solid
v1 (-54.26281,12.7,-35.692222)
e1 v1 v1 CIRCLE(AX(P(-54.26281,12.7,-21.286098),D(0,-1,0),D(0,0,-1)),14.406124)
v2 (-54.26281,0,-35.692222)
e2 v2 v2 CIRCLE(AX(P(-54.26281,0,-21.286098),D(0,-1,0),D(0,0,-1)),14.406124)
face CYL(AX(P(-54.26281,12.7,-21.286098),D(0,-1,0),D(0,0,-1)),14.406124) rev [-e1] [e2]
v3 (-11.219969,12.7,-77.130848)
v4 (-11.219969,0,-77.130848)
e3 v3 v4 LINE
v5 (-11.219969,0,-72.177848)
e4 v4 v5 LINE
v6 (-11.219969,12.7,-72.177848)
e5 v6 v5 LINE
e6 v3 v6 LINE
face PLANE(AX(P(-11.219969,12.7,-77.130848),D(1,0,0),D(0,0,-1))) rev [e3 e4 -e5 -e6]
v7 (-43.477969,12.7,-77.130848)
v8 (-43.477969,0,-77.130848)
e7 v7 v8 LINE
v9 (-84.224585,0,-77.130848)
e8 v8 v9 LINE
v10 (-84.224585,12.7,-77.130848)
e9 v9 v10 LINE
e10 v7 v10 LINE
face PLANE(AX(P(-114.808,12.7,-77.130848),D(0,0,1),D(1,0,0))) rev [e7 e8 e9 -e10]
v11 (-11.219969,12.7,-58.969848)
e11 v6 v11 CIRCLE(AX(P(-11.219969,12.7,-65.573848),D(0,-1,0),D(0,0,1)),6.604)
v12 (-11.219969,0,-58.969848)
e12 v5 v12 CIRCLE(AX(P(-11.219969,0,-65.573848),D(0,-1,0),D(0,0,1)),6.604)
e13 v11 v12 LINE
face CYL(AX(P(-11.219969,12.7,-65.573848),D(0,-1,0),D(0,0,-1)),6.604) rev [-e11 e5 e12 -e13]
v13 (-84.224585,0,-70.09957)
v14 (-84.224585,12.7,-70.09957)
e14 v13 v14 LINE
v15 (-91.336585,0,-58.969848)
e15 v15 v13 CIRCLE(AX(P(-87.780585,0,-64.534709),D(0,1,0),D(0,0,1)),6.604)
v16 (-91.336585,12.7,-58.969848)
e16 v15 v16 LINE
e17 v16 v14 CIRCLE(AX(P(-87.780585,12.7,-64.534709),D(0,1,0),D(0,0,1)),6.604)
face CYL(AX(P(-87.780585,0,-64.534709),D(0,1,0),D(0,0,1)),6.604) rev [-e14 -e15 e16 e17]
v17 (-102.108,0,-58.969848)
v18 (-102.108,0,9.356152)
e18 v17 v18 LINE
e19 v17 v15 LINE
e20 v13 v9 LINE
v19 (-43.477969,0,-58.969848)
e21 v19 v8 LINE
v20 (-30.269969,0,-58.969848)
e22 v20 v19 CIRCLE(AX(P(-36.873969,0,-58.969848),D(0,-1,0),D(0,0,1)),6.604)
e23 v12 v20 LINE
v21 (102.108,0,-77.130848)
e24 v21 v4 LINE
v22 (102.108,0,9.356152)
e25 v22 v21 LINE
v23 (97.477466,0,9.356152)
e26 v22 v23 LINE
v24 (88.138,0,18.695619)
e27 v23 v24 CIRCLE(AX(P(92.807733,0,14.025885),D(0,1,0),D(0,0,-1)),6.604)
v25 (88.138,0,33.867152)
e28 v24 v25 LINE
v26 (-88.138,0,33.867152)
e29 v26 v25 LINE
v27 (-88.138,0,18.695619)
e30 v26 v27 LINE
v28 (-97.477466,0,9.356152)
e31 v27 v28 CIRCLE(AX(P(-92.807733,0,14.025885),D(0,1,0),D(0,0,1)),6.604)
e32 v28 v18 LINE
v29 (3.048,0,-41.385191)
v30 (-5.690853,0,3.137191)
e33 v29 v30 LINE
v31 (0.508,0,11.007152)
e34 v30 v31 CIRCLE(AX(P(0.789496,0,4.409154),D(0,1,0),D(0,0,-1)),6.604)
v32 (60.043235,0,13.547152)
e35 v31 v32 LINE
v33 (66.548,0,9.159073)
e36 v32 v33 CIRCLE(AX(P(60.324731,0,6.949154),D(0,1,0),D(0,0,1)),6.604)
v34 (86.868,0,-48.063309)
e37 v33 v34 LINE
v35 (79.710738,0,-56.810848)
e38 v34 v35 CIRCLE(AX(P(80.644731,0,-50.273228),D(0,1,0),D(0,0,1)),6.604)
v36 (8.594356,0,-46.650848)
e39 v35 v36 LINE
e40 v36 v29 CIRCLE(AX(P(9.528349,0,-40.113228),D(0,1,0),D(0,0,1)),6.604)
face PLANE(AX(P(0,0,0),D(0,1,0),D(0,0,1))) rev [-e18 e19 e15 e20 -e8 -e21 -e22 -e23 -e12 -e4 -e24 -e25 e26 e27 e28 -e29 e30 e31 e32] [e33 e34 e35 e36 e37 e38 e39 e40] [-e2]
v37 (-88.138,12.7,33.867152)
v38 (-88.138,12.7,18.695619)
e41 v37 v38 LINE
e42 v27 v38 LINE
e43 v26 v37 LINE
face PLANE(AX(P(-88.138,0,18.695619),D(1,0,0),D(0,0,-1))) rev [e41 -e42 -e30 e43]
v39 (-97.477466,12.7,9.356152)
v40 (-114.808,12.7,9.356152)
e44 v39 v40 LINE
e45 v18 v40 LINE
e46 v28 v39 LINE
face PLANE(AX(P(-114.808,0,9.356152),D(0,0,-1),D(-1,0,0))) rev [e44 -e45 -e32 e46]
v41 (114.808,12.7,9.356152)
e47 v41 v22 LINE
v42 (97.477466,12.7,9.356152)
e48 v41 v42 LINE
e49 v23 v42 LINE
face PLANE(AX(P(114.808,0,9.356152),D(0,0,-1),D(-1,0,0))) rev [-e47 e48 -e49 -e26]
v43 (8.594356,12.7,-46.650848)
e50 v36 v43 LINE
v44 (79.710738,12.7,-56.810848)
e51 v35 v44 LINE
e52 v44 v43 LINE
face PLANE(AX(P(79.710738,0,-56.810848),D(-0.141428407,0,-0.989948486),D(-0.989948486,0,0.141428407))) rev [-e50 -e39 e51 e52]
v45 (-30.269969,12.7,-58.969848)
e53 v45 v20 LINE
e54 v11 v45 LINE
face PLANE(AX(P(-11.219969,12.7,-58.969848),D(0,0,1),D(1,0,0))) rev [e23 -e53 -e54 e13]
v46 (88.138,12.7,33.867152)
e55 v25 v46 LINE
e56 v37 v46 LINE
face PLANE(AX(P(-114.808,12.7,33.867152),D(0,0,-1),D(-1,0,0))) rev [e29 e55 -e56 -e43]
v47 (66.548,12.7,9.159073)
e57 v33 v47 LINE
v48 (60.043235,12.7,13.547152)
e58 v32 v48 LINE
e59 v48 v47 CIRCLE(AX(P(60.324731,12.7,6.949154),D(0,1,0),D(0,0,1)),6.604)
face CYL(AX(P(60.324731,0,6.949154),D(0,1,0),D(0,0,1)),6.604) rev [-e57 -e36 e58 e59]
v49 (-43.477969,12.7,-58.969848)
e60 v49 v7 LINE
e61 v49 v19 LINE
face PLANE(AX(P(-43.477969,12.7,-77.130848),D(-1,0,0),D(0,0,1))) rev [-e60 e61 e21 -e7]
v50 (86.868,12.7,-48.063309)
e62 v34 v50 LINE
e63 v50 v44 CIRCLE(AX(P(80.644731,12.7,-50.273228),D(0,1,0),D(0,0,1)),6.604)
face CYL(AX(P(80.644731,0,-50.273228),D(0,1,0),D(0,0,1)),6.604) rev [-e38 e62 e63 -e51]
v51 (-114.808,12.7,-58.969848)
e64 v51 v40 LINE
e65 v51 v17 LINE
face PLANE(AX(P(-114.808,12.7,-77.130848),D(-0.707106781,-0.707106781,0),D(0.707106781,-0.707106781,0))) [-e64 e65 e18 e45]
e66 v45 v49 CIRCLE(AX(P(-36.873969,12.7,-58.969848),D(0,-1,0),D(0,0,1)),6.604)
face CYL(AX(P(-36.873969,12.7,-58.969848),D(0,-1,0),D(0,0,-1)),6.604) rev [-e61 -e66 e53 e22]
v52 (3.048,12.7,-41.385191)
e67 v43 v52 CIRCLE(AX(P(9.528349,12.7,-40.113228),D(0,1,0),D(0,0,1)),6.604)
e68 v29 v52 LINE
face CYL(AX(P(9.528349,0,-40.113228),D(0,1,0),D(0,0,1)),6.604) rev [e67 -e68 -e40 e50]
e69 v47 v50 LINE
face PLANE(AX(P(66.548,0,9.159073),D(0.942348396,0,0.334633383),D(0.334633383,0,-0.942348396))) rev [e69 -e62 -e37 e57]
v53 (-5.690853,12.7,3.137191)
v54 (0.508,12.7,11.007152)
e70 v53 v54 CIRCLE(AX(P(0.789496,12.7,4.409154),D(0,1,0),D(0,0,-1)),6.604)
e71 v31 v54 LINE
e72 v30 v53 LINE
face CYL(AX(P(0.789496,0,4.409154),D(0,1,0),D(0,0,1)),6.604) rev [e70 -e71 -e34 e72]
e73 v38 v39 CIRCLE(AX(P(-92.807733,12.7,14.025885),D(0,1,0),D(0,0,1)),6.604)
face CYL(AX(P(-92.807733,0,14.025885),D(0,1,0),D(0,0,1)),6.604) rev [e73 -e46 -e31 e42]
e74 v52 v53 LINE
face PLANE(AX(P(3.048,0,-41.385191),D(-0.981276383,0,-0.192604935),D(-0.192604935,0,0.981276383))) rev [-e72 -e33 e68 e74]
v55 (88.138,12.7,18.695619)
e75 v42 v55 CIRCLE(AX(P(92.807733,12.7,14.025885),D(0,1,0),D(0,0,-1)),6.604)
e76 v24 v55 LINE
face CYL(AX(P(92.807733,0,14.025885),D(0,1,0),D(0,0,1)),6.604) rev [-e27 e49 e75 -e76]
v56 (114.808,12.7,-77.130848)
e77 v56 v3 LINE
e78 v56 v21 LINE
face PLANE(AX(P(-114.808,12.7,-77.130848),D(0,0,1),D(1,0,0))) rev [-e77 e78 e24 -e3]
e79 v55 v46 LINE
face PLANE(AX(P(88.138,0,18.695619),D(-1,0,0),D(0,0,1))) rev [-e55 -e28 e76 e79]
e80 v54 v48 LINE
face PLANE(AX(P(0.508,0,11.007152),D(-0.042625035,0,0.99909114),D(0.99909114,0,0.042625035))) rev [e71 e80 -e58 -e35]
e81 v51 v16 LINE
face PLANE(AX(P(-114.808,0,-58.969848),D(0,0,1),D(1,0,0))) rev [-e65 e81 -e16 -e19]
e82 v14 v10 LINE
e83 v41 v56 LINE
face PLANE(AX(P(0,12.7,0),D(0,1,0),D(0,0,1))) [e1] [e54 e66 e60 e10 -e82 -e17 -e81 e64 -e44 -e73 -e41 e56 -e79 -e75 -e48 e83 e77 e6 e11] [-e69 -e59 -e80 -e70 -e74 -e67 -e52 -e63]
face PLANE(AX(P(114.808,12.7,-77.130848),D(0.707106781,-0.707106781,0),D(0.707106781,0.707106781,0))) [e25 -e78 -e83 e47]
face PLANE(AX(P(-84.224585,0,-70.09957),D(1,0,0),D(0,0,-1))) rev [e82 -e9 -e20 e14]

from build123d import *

# Parameters (mm, degrees)
SKETCH1_W           = 229.616
SKETCH1_H           = 110.998
BOSS_EXTRUDE1_DEPTH = 12.7
DRAFT1_ANGLE        = -45
CUT_EXTRUDE1_DEPTH  = 139.893248743
CUT_EXTRUDE2_DEPTH  = 139.893248743
CUT_EXTRUDE3_DEPTH  = 139.893248743
SKETCH5_R           = 14.406124238
CUT_EXTRUDE4_DEPTH  = 139.893248743


with BuildPart() as part:
    # Sketch1 → Boss-Extrude1 (new body)
    with BuildSketch(Plane(origin=(0, 0, 0), x_dir=(1, 0, 0), z_dir=(0, 1, 0))):
        with Locations((0, 21.631847801)):
            Rectangle(SKETCH1_W, SKETCH1_H)
    extrude(amount=BOSS_EXTRUDE1_DEPTH)

    # Draft1
    draft1_faces = [part.faces().sort_by_distance(p)[0] for p in [
        (-114.808, 6.35, -21.631847801),
        (114.808, 6.35, -21.631847801),
    ]]
    draft(draft1_faces, Plane.ZX.offset(12.7), DRAFT1_ANGLE)

    # Sketch2 → Cut-Extrude1 (cut, through all)
    with BuildSketch(Plane(origin=(0, 12.7, 0), x_dir=(1, 0, 0), z_dir=(0, 1, 0))):
        with BuildLine():
            Line((-114.808, -9.356152199), (-97.477466366, -9.356152199))
            ThreePointArc((-97.477466366, -9.356152199), (-88.138, -9.356152199), (-88.138, -18.695618565))
            Line((-88.138, -18.695618565), (-88.138, -33.867152199))
            Line((-88.138, -33.867152199), (-114.808, -33.867152199))
            Line((-114.808, -33.867152199), (-114.808, -9.356152199))
        make_face()
        with BuildLine():
            Line((114.808, -33.867152199), (114.808, -9.356152199))
            Line((114.808, -9.356152199), (97.477466366, -9.356152199))
            ThreePointArc((97.477466366, -9.356152199), (88.138, -9.356152199), (88.138, -18.695618565))
            Line((88.138, -18.695618565), (88.138, -33.867152199))
            Line((88.138, -33.867152199), (114.808, -33.867152199))
        make_face()
        with BuildLine():
            Line((-114.808, 58.969847801), (-91.336585113, 58.969847801))
            ThreePointArc((-91.336585113, 58.969847801), (-82.215723928, 60.978708985), (-84.224585113, 70.099570169))
            Line((-84.224585113, 70.099570169), (-84.224585113, 77.130847801))
            Line((-84.224585113, 77.130847801), (-114.808, 77.130847801))
            Line((-114.808, 77.130847801), (-114.808, 58.969847801))
        make_face()
    extrude(amount=-CUT_EXTRUDE1_DEPTH, mode=Mode.SUBTRACT)

    # Sketch3 → Cut-Extrude2 (cut, through all)
    with BuildSketch(Plane(origin=(0, 12.7, 0), x_dir=(1, 0, 0), z_dir=(0, 1, 0))):
        with BuildLine():
            Line((3.048, 41.385190987), (-5.690853499, -3.137191319))
            ThreePointArc((-5.690853499, -3.137191319), (-4.398442962, -8.495486175), (0.508, -11.007152199))
            Line((0.508, -11.007152199), (60.043235464, -13.547152199))
            ThreePointArc((60.043235464, -13.547152199), (64.017965036, -12.423899948), (66.548, -9.159073174))
            Line((66.548, -9.159073174), (86.868, 48.063309133))
            ThreePointArc((86.868, 48.063309133), (85.755892247, 54.455195083), (79.710737995, 56.810847801))
            Line((79.710737995, 56.810847801), (8.59435603, 46.650847801))
            ThreePointArc((8.59435603, 46.650847801), (4.981382787, 44.902582041), (3.048, 41.385190987))
        make_face()
    extrude(amount=-CUT_EXTRUDE2_DEPTH, mode=Mode.SUBTRACT)

    # Sketch4 → Cut-Extrude3 (cut, through all)
    with BuildSketch(Plane.XZ):
        with BuildLine():
            Line((-43.477968603, -77.130847801), (-43.477968603, -58.969847801))
            ThreePointArc((-43.477968603, -58.969847801), (-36.873968603, -52.365847801), (-30.269968603, -58.969847801))
            Line((-30.269968603, -58.969847801), (-11.219968603, -58.969847801))
            ThreePointArc((-11.219968603, -58.969847801), (-4.615968603, -65.573847801), (-11.219968603, -72.177847801))
            Line((-11.219968603, -72.177847801), (-11.219968603, -77.130847801))
            Line((-11.219968603, -77.130847801), (-43.477968603, -77.130847801))
        make_face()
    extrude(amount=-CUT_EXTRUDE3_DEPTH, mode=Mode.SUBTRACT)

    # Sketch5 → Cut-Extrude4 (cut, through all)
    with BuildSketch(Plane.XZ):
        with Locations(Location((-54.2628102, -21.286098046, 0), (0, 0, 270))):
            Circle(SKETCH5_R)
    extrude(amount=-CUT_EXTRUDE4_DEPTH, mode=Mode.SUBTRACT)


solid = part.part
